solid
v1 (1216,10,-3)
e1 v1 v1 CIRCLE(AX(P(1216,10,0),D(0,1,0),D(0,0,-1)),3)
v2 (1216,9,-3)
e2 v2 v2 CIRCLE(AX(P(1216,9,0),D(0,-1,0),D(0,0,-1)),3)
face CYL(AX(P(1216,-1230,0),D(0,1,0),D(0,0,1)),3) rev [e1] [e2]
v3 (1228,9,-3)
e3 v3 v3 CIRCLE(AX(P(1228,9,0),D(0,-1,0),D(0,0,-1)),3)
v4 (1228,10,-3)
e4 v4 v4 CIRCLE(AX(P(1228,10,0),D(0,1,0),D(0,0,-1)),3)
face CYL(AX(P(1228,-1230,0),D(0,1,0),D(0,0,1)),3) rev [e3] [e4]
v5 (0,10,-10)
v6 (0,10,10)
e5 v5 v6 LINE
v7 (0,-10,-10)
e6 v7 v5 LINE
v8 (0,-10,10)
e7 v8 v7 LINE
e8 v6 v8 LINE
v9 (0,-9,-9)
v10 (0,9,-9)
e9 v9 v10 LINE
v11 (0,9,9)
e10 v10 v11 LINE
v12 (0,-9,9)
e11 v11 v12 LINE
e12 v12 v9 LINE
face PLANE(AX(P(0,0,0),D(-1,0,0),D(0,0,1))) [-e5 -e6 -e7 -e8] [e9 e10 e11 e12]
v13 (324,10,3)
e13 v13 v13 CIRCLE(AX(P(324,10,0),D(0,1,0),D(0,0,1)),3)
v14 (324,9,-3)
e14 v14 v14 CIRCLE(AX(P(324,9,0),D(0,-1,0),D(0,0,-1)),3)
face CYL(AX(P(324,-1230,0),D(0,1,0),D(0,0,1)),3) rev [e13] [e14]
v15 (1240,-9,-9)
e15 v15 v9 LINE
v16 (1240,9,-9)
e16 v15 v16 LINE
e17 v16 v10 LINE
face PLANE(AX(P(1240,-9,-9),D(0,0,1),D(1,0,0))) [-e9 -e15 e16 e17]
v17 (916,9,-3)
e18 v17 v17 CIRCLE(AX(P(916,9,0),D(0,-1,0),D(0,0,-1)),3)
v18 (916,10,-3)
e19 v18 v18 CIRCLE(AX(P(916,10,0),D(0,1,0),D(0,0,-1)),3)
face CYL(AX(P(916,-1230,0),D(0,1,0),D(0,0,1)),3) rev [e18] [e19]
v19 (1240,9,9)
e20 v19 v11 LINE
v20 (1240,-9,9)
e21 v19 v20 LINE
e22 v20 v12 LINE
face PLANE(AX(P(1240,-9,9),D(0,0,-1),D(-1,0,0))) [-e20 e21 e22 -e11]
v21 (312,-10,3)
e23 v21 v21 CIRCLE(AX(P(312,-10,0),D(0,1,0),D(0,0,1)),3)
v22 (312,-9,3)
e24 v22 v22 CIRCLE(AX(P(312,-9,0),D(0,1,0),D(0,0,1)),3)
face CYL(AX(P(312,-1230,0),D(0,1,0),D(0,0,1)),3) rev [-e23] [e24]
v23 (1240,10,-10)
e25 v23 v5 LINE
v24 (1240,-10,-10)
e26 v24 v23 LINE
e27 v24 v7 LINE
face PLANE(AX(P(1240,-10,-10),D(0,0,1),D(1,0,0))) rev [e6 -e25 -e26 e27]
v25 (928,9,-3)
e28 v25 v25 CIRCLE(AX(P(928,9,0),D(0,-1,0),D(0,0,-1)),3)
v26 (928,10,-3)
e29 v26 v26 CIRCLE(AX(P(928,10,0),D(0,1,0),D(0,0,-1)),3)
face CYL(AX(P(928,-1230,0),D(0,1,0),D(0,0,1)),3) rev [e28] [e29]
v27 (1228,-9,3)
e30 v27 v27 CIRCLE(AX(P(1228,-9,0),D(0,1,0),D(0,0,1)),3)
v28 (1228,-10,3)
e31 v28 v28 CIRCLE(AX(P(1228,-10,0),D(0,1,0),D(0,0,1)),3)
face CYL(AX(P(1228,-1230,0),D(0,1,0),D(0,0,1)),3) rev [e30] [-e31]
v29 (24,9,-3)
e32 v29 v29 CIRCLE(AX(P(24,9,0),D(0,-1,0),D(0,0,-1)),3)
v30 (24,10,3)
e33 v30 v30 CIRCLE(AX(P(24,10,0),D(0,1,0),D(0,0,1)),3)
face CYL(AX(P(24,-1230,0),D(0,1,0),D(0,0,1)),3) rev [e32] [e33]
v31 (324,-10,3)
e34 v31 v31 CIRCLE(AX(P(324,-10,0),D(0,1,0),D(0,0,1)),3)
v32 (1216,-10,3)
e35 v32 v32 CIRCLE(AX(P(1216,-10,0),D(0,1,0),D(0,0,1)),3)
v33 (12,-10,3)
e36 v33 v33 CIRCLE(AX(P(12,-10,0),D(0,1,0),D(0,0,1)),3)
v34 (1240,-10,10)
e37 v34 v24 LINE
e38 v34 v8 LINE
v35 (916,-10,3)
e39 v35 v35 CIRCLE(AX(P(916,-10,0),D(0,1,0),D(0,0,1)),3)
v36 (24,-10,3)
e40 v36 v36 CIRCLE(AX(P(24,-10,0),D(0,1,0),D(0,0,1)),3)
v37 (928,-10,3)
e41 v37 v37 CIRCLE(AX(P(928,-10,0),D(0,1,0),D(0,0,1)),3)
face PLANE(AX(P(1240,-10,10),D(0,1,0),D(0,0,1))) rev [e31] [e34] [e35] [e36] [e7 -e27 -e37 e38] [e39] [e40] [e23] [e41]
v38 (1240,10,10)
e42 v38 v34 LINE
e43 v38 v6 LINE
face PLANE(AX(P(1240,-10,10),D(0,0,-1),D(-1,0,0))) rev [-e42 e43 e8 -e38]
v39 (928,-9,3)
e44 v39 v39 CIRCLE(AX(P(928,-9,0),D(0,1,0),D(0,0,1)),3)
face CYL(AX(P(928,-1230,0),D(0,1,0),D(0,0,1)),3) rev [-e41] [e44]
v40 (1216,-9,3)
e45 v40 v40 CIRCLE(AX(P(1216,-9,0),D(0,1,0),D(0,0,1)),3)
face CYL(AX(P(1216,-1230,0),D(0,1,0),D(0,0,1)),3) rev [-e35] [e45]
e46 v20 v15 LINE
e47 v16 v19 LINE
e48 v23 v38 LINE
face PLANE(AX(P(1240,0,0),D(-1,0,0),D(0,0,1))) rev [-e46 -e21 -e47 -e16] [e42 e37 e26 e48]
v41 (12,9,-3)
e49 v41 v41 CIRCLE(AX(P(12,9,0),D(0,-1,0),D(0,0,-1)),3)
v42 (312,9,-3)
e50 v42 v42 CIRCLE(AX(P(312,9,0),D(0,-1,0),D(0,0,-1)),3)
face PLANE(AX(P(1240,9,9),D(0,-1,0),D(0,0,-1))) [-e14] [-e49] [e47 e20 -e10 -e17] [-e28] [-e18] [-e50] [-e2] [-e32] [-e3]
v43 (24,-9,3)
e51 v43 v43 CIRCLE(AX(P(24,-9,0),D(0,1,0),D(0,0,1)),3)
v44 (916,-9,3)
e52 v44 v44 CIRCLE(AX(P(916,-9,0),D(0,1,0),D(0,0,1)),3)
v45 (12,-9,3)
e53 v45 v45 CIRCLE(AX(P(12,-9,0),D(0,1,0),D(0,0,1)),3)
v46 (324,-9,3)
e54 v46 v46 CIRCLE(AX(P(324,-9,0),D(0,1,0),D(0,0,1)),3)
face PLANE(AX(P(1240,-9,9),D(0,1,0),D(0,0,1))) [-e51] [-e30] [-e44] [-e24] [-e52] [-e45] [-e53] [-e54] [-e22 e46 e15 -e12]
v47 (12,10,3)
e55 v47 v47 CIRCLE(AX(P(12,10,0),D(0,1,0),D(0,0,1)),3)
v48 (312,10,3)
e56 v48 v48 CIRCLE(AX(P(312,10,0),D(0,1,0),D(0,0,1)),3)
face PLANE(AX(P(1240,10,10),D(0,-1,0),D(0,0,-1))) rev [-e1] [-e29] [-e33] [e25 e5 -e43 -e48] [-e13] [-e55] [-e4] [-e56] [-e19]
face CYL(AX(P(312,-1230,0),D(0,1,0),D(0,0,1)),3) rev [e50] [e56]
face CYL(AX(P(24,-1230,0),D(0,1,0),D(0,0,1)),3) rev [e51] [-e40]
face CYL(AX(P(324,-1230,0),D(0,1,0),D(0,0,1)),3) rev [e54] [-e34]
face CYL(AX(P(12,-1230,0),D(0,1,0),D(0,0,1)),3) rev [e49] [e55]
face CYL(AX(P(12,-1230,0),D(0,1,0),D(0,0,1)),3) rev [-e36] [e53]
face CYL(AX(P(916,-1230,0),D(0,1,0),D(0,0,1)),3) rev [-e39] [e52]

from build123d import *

# Parameters (mm, degrees)
SKETCH1_W           = 20
SKETCH1_H           = 20
SKETCH1_W_2         = 18
SKETCH1_H_2         = 18
BOSS_EXTRUDE1_DEPTH = 1240
SKETCH2_R           = 3
CUT_EXTRUDE1_DEPTH  = 1240


with BuildPart() as part:
    # Sketch1 → Boss-Extrude1 (new body)
    with BuildSketch(Plane(origin=(0, 0, 0), x_dir=(0, 0, -1), z_dir=(1, 0, 0))):
        Rectangle(SKETCH1_W, SKETCH1_H)
        Rectangle(SKETCH1_W_2, SKETCH1_H_2, mode=Mode.SUBTRACT)
    extrude(amount=BOSS_EXTRUDE1_DEPTH)

    # Sketch2 → Cut-Extrude1 (cut)
    with BuildSketch(Plane(origin=(0, 10, 0), x_dir=(1, 0, 0), z_dir=(0, 1, 0))):
        with Locations((12, 0)):
            Circle(SKETCH2_R)
        with Locations((24, 0)):
            Circle(SKETCH2_R)
        with Locations((1216, 0)):
            Circle(SKETCH2_R)
        with Locations((1228, 0)):
            Circle(SKETCH2_R)
        with Locations((324, 0)):
            Circle(SKETCH2_R)
        with Locations((312, 0)):
            Circle(SKETCH2_R)
        with Locations((916, 0)):
            Circle(SKETCH2_R)
        with Locations((928, 0)):
            Circle(SKETCH2_R)
    extrude(amount=-CUT_EXTRUDE1_DEPTH, mode=Mode.SUBTRACT)


solid = part.part
